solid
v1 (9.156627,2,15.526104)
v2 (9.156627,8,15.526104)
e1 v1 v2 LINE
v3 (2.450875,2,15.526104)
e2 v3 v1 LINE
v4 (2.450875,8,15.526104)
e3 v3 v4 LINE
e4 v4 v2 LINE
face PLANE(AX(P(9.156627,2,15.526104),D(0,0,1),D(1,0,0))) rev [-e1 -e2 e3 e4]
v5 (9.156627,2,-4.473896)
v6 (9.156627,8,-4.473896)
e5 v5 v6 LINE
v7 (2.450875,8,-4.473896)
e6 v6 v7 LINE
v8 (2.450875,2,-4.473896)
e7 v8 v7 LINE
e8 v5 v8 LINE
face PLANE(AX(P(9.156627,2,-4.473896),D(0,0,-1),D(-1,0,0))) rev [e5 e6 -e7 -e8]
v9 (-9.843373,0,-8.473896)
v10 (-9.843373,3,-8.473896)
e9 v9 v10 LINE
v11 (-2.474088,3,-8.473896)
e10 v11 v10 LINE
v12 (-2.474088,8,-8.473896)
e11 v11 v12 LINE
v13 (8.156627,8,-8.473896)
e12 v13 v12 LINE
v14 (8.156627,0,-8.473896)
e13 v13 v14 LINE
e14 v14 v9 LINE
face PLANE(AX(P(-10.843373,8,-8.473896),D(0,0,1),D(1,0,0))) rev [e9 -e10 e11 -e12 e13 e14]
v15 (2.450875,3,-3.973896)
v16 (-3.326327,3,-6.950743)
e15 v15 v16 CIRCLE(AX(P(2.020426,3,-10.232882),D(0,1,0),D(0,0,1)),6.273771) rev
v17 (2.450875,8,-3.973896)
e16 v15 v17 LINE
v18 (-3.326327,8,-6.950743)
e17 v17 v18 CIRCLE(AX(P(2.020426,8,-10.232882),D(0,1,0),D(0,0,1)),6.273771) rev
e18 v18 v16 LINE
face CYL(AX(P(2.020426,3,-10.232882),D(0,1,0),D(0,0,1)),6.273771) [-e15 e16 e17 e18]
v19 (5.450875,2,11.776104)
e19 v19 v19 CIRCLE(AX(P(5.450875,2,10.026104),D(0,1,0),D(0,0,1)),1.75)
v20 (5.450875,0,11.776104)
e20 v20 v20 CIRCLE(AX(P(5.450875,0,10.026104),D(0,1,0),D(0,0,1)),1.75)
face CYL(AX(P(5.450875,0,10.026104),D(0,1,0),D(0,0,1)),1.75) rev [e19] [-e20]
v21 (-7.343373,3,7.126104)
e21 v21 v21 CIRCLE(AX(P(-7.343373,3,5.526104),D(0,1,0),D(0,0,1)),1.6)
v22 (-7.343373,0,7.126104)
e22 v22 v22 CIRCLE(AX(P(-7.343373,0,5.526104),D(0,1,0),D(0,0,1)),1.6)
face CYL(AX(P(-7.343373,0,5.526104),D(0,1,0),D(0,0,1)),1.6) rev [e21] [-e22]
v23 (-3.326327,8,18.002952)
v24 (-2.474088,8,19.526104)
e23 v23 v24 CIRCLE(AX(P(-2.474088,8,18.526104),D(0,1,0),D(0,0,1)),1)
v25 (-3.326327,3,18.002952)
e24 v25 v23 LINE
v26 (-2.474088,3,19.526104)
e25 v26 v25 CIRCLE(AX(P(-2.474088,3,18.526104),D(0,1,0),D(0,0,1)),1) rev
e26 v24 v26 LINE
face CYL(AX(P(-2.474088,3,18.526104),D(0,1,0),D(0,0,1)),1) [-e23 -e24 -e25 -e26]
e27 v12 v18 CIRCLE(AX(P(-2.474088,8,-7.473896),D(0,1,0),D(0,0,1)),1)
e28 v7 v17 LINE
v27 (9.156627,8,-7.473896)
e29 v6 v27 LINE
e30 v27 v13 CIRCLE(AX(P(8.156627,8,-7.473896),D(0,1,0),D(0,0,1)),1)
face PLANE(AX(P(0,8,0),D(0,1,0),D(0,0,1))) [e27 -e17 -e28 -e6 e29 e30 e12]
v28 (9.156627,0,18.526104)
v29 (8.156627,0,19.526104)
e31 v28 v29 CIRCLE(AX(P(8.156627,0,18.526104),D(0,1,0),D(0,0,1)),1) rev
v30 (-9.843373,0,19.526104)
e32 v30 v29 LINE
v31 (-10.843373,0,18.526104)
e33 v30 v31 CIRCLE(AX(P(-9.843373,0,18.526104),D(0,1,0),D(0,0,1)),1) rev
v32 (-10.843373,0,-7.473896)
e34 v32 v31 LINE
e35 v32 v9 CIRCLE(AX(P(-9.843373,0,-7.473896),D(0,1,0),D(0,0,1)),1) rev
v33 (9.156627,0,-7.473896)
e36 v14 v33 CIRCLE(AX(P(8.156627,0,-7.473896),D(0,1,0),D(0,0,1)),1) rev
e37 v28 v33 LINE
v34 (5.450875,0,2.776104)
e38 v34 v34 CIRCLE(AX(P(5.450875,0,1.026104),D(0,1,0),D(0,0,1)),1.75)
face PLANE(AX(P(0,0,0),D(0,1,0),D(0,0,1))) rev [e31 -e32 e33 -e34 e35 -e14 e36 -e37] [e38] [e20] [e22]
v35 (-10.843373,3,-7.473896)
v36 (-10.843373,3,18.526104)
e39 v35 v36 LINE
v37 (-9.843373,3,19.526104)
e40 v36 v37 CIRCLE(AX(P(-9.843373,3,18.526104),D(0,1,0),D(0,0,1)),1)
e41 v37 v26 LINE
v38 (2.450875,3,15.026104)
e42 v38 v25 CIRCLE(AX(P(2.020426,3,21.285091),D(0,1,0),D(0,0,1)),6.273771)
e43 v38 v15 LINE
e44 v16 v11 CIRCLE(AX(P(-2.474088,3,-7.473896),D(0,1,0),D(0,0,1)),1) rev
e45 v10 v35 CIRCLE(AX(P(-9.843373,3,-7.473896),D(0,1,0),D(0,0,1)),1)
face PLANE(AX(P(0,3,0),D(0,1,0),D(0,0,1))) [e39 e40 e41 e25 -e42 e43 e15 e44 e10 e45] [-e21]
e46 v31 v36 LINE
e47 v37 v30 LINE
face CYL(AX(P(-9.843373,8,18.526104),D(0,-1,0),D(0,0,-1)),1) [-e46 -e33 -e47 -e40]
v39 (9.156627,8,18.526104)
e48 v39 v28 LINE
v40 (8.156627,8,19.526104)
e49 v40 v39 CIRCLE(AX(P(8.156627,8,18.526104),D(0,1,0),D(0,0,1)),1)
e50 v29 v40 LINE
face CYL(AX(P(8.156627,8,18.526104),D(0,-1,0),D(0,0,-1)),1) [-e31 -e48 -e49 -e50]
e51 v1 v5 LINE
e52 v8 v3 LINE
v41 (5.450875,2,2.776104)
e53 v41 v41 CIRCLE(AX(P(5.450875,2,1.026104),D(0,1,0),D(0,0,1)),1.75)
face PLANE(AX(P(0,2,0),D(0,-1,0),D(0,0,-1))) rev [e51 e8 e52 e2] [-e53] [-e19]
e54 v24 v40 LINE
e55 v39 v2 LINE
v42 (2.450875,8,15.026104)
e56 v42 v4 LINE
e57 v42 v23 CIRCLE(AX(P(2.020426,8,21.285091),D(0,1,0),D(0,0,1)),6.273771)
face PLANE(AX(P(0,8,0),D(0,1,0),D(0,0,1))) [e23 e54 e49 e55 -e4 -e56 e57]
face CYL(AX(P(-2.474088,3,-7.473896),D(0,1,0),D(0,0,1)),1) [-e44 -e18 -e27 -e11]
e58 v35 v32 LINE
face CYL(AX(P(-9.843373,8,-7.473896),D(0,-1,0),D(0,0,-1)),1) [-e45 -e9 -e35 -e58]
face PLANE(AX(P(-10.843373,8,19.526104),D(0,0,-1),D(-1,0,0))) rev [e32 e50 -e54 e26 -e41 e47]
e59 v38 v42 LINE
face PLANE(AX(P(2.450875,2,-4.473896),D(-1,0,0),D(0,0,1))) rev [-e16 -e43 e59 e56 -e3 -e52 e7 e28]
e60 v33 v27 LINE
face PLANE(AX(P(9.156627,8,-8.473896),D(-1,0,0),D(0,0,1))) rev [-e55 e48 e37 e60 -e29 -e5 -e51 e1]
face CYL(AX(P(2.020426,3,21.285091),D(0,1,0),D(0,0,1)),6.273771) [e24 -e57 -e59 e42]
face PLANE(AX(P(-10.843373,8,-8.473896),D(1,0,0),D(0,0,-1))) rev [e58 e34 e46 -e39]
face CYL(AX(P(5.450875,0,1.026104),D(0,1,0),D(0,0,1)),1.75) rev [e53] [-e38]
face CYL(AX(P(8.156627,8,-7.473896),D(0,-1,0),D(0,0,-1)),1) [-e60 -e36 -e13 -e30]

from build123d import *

# Parameters (mm, degrees)
CROQUIS2_W              = 20
CROQUIS2_H              = 28
SALIENTE_EXTRUIR1_DEPTH = 8
CROQUIS3_W              = 6.705751287
CROQUIS3_H              = 20
CORTAR_EXTRUIR1_DEPTH   = 6
CORTAR_EXTRUIR2_DEPTH   = 5
CROQUIS6_R              = 1.6
CORTAR_EXTRUIR3_DEPTH   = 3
REDONDEO1_R             = 1
SKETCH1_R               = 1.75
CUT_EXTRUDE1_DEPTH      = 24.126770256


with BuildPart() as part:
    # Croquis2 → Saliente-Extruir1 (new body)
    with BuildSketch(Plane(origin=(0, 0, 0), x_dir=(1, 0, 0), z_dir=(0, 1, 0))):
        with Locations((-0.843373494, -5.526104418)):
            Rectangle(CROQUIS2_W, CROQUIS2_H)
    extrude(amount=SALIENTE_EXTRUIR1_DEPTH)

    # Croquis3 → Cortar-Extruir1 (cut)
    with BuildSketch(Plane(origin=(0, 8, 0), x_dir=(1, 0, 0), z_dir=(0, 1, 0))):
        with Locations((5.803750863, -5.526104418)):
            Rectangle(CROQUIS3_W, CROQUIS3_H)
    extrude(amount=-CORTAR_EXTRUIR1_DEPTH, mode=Mode.SUBTRACT)

    # Croquis5 → Cortar-Extruir2 (cut)
    with BuildSketch(Plane(origin=(0, 8, 0), x_dir=(1, 0, 0), z_dir=(0, 1, 0))):
        with BuildLine():
            Line((2.450875219, -15.026104418), (2.450875219, 3.973895582))
            ThreePointArc((2.450875219, 3.973895582), (2.020425803, 3.959111389), (1.589976387, 3.973895582))
            ThreePointArc((1.589976387, 3.973895582), (-1.912953919, 5.345273007), (-4.00171373, 8.473895582))
            Line((-4.00171373, 8.473895582), (-10.843373494, 8.473895582))
            Line((-10.843373494, 8.473895582), (-10.843373494, -19.526104418))
            Line((-10.843373494, -19.526104418), (-4.00171373, -19.526104418))
            ThreePointArc((-4.00171373, -19.526104418), (-1.912953919, -16.397481842), (1.589976387, -15.026104418))
            ThreePointArc((1.589976387, -15.026104418), (2.020425803, -15.011320225), (2.450875219, -15.026104418))
        make_face()
    extrude(amount=-CORTAR_EXTRUIR2_DEPTH, mode=Mode.SUBTRACT)

    # Croquis6 → Cortar-Extruir3 (cut)
    with BuildSketch(Plane(origin=(0, 3, 0), x_dir=(1, 0, 0), z_dir=(0, 1, 0))):
        with Locations(Location((-7.343373494, -5.526104418, 0), (0, 0, 270))):
            Circle(CROQUIS6_R)
    extrude(amount=-CORTAR_EXTRUIR3_DEPTH, mode=Mode.SUBTRACT)

    # Redondeo1
    redondeo1_edges = [part.edges().sort_by_distance(p)[0] for p in [
        (-10.843373494, 1.5, -8.473895582),
        (-10.843373494, 1.5, 19.526104418),
        (-4.00171373, 5.5, 19.526104418),
        (-4.00171373, 5.5, -8.473895582),
        (9.156626506, 4, -8.473895582),
        (9.156626506, 4, 19.526104418),
    ]]
    fillet(redondeo1_edges, radius=REDONDEO1_R)

    # Sketch1 → Cut-Extrude1 (cut, through all)
    with BuildSketch(Plane(origin=(0, 2, 0), x_dir=(1, 0, 0), z_dir=(0, 1, 0))):
        with Locations(Location((5.450875219, -1.026104418, 0), (0, 0, 270))):
            Circle(SKETCH1_R)
        with Locations(Location((5.450875219, -10.026104418, 0), (0, 0, 270))):
            Circle(SKETCH1_R)
    extrude(amount=-CUT_EXTRUDE1_DEPTH, mode=Mode.SUBTRACT)


solid = part.part
